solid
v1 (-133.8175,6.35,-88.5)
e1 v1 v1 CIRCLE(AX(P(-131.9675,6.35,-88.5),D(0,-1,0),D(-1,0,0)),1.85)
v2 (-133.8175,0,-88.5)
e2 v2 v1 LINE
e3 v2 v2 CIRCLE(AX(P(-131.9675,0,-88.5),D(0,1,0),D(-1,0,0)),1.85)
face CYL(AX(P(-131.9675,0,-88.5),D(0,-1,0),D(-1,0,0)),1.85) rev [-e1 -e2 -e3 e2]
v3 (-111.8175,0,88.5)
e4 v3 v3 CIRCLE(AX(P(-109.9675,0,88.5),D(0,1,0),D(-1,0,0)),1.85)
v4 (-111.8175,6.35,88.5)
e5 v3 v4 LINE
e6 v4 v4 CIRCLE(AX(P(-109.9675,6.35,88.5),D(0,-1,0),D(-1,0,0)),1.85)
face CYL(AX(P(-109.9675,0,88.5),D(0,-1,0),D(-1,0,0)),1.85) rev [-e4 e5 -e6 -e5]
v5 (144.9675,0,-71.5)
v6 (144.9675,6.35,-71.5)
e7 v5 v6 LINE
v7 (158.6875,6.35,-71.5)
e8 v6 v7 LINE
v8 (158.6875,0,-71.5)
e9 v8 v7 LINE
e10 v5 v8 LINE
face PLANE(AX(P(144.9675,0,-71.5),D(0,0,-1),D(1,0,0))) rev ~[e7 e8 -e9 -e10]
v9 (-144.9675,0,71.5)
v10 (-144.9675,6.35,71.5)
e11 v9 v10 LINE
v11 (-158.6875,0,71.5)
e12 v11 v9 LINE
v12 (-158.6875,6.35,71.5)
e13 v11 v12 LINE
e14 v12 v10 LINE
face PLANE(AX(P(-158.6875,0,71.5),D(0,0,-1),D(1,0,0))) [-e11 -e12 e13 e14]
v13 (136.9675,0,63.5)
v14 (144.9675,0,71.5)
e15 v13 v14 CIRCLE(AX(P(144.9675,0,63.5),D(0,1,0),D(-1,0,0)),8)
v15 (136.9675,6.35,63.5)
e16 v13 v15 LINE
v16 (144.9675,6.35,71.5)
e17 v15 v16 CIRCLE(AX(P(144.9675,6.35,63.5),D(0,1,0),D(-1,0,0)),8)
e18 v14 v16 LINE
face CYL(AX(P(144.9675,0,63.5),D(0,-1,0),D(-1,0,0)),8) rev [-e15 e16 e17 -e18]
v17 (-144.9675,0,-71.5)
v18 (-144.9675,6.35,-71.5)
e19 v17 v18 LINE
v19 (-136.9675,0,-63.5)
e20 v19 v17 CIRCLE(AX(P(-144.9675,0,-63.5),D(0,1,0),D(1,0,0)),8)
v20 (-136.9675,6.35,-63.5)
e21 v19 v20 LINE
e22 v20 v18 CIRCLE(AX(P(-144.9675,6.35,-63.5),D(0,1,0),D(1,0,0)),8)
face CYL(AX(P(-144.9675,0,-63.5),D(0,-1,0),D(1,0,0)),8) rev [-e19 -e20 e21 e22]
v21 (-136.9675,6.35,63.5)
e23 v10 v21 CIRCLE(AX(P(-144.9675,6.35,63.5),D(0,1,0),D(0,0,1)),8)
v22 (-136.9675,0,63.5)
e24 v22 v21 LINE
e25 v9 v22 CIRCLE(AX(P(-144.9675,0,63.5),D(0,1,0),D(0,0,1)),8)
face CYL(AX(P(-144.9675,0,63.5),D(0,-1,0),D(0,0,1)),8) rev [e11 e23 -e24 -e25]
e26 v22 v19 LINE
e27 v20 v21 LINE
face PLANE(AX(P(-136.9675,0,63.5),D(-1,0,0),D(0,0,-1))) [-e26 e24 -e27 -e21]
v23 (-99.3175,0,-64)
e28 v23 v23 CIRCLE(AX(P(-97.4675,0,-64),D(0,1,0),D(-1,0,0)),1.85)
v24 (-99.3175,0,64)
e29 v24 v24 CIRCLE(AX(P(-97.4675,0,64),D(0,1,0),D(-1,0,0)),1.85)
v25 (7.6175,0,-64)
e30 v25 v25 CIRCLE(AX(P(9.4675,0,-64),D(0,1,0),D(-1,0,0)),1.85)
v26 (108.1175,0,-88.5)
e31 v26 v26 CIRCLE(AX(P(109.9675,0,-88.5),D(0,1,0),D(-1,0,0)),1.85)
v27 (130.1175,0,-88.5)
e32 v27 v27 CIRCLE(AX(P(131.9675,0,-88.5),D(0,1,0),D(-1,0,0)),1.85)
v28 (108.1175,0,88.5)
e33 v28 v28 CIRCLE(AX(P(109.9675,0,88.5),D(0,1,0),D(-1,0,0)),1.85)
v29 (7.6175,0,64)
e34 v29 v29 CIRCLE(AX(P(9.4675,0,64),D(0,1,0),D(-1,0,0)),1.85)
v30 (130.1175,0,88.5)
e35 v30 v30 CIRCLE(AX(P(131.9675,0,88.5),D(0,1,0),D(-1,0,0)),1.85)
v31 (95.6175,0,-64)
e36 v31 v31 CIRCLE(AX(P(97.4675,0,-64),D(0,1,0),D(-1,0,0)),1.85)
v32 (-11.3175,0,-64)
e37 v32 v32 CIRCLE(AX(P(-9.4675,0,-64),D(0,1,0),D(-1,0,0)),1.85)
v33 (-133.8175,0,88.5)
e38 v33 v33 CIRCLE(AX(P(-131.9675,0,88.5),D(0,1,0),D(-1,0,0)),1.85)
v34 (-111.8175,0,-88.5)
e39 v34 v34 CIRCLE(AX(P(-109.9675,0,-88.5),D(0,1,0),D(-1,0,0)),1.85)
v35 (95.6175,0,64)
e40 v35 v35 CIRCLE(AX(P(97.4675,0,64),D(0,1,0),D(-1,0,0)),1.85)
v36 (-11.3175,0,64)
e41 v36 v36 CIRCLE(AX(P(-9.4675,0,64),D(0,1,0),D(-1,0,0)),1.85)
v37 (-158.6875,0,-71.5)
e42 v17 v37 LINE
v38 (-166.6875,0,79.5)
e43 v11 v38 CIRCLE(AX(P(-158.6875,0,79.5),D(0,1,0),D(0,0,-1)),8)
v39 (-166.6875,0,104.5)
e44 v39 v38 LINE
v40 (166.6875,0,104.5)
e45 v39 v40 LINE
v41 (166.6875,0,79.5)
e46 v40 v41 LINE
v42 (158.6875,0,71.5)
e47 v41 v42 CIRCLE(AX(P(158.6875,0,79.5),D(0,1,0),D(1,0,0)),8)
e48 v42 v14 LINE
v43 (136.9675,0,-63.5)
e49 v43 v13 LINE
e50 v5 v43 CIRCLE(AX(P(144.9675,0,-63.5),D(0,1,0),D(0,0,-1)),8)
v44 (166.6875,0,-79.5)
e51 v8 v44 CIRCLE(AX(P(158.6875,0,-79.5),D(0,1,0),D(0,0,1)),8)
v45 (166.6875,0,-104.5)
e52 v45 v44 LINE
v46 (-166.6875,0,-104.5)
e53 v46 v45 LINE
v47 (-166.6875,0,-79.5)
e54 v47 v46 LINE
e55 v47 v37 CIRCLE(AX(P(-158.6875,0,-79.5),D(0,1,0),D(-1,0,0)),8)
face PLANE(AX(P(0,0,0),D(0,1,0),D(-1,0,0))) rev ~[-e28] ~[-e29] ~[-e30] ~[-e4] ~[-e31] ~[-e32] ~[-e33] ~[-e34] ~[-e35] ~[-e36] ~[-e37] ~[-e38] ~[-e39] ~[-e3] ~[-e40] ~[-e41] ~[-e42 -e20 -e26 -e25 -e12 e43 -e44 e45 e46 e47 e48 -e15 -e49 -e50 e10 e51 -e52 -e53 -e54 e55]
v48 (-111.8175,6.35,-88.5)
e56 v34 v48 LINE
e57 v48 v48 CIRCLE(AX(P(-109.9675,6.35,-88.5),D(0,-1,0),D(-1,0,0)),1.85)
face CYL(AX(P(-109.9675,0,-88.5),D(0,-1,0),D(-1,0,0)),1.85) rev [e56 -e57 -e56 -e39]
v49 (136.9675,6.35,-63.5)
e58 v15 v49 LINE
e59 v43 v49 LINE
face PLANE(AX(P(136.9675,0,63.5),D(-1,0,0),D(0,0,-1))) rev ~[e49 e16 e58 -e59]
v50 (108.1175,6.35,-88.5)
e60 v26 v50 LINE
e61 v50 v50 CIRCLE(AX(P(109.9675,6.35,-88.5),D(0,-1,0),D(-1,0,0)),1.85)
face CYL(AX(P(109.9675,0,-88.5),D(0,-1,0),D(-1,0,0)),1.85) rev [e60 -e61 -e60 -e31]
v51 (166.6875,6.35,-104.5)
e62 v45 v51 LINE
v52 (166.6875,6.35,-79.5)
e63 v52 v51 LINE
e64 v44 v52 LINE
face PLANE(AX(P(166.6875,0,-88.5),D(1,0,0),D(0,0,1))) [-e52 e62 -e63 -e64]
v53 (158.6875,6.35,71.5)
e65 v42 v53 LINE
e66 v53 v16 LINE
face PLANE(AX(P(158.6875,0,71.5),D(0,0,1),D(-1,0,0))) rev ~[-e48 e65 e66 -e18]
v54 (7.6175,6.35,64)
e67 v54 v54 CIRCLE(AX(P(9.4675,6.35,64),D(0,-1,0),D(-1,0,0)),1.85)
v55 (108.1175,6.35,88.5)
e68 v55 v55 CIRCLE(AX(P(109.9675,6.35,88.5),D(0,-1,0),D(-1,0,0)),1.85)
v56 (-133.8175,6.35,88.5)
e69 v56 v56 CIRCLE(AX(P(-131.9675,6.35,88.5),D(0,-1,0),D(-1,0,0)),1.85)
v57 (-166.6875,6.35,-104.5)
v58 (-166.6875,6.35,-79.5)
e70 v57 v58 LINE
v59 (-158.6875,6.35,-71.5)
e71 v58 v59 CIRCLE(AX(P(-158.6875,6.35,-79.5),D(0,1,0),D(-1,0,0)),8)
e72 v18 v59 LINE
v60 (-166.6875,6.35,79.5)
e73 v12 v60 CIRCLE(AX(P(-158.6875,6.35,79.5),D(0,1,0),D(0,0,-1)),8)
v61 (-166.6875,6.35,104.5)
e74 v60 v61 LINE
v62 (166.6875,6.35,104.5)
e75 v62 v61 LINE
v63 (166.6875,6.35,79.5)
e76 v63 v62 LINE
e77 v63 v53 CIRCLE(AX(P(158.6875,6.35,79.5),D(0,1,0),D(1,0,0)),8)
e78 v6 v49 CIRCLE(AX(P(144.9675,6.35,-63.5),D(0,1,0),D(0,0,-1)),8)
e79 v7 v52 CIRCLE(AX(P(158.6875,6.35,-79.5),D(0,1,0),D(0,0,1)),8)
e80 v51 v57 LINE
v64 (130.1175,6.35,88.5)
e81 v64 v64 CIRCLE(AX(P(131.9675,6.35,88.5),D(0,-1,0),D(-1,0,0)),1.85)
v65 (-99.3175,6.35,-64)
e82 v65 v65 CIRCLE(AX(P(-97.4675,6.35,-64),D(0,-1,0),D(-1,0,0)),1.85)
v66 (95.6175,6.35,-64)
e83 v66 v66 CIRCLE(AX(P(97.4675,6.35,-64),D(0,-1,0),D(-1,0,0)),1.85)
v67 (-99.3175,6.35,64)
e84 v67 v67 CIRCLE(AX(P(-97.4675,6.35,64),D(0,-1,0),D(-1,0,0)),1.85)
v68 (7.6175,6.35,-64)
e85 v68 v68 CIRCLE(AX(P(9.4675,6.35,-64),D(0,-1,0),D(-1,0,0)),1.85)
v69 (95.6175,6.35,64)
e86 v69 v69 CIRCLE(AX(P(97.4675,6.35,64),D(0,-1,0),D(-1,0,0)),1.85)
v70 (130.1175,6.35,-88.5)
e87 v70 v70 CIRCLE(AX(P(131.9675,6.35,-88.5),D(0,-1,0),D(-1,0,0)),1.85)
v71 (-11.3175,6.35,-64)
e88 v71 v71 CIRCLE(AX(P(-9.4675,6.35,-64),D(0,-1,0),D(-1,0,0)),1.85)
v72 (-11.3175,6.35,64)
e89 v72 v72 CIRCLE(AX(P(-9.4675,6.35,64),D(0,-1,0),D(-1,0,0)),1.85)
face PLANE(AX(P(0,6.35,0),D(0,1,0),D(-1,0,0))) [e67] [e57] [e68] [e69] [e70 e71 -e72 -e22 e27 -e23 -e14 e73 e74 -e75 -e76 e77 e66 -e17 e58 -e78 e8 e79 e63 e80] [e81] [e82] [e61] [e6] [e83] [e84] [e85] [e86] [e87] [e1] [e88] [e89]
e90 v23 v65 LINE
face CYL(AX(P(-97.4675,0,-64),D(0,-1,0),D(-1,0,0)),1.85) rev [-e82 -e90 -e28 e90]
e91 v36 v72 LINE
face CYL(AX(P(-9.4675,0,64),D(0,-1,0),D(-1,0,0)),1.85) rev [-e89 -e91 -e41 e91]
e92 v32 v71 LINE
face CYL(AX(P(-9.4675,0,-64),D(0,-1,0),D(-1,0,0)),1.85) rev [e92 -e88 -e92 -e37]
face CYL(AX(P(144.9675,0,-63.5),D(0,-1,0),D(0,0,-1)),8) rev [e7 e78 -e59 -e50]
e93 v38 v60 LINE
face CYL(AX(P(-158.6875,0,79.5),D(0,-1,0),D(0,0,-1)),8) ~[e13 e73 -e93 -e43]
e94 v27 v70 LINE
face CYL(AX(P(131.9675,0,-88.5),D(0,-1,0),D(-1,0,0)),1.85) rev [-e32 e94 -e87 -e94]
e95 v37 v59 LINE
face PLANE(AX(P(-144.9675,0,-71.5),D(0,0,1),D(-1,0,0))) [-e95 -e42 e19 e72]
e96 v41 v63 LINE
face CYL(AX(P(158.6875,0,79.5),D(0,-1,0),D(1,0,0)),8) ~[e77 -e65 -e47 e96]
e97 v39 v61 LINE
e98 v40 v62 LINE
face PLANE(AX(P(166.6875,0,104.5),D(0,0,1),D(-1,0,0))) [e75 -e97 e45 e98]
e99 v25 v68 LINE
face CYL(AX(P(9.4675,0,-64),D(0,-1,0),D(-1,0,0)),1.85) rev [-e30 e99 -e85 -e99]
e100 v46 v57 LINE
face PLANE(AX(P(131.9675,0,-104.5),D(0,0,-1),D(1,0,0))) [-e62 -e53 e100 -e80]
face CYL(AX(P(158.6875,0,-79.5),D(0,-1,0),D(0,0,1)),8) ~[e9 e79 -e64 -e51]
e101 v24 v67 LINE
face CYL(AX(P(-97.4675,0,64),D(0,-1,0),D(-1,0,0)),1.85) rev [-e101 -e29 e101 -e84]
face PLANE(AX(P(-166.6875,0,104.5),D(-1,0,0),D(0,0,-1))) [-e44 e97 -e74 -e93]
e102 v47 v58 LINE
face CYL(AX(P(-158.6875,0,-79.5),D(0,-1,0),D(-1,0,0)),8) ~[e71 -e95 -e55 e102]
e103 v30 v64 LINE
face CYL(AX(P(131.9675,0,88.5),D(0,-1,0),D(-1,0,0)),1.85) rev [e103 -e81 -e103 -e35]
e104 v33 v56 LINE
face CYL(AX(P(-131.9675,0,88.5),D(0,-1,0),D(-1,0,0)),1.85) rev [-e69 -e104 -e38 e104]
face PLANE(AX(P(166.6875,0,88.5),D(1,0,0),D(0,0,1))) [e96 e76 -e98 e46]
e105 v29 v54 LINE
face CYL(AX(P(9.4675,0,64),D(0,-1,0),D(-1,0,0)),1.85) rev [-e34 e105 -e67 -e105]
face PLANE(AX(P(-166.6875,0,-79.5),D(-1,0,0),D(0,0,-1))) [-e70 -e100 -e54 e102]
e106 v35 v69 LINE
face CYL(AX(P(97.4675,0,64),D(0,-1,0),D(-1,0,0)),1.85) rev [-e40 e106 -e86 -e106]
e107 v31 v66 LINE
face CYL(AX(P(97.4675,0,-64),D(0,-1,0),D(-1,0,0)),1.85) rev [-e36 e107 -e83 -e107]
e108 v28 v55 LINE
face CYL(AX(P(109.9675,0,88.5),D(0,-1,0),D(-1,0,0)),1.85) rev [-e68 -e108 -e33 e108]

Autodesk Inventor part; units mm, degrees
ref_plane "YZ Plane" through (0, 0, 0) normal (1, 0, 0) x (0, 1, 0)
ref_plane "XZ Plane" through (0, 0, 0) normal (0, 1, 0) x (-1, 0, 0)
ref_plane "XY Plane" through (0, 0, 0) normal (0, 0, 1) x (1, 0, 0)
sketch "Sketch1" plane through (0, 0, 0) normal (0, 1, 0) x (-1, 0, 0)
  line L0 (-166.6875, 104.5) -> (166.6875, 104.5)
  line L1 (166.6875, -104.5) -> (-166.6875, -104.5)
  line L2 (-166.6875, 104.5) -> (166.6875, -104.5) construction
  line L3 (166.6875, 104.5) -> (-166.6875, -104.5) construction
  line L4 (166.6875, 88.5) -> (-166.6875, 88.5)
  line L5 (166.6875, -88.5) -> (-166.6875, -88.5)
  line L6 (120.9675, 104.5) -> (120.9675, -104.5)
  line L7 (-120.9675, 104.5) -> (-120.9675, -104.5)
  line L8 (-109.9675, 104.5) -> (-109.9675, -104.5)
  line L9 (-131.9675, 104.5) -> (-131.9675, -104.5)
  circle A0 centre (-109.9675, 88.5) radius 1.85
  circle A1 centre (-131.9675, 88.5) radius 1.85
  circle A2 centre (-109.9675, -88.5) radius 1.85
  circle A3 centre (-131.9675, -88.5) radius 1.85
  line L10 (131.9675, 104.5) -> (131.9675, -104.5)
  line L11 (109.9675, 104.5) -> (109.9675, -104.5)
  circle A4 centre (131.9675, 88.5) radius 1.85
  circle A5 centre (131.9675, -88.5) radius 1.85
  line L12 (-109.9675, 104.5) -> (-109.9675, -104.5)
  circle A6 centre (109.9675, 88.5) radius 1.85
  circle A7 centre (109.9675, -88.5) radius 1.85
  line L13 (-104.9675, 71.5) -> (-1.9675, 71.5)
  line L14 (-1.9675, 71.5) -> (-1.9675, -71.5)
  line L15 (-1.9675, -71.5) -> (-104.9675, -71.5)
  line L16 (-104.9675, -71.5) -> (-104.9675, 71.5)
  line L17 (175.9652, 0) -> (-157.4098, 0)
  line L18 (104.9675, 71.5) -> (1.9675, 71.5)
  line L19 (1.9675, 71.5) -> (1.9675, -71.5)
  line L20 (1.9675, -71.5) -> (104.9675, -71.5)
  line L21 (104.9675, -71.5) -> (104.9675, 71.5)
  line L22 (9.4675, 64) -> (97.4675, 64)
  line L23 (97.4675, 64) -> (97.4675, -64)
  line L24 (97.4675, -64) -> (9.4675, -64)
  line L25 (9.4675, -64) -> (9.4675, 64)
  line L26 (-9.4675, 64) -> (-97.4675, 64)
  line L27 (-97.4675, 64) -> (-97.4675, -64)
  line L28 (-97.4675, -64) -> (-9.4675, -64)
  line L29 (-9.4675, -64) -> (-9.4675, 64)
  circle A8 centre (-9.4675, 64) radius 1.85
  circle A9 centre (-9.4675, -64) radius 1.85
  circle A10 centre (-97.4675, 64) radius 1.85
  circle A11 centre (-97.4675, -64) radius 1.85
  circle A12 centre (97.4675, 64) radius 1.85
  circle A13 centre (97.4675, -64) radius 1.85
  circle A14 centre (9.4675, -64) radius 1.85
  circle A15 centre (9.4675, 64) radius 1.85
  line L30 (-158.6875, 71.5) -> (-144.9675, 71.5)
  line L31 (-136.9675, 63.5) -> (-136.9675, -63.5)
  line L32 (-144.9675, -71.5) -> (-158.6875, -71.5)
  arc A16 (-136.9675, 63.5) -> (-144.9675, 71.5) centre (-144.9675, 63.5) ccw
  arc A17 (-144.9675, -71.5) -> (-136.9675, -63.5) centre (-144.9675, -63.5) ccw
  line L33 (-166.6875, -104.5) -> (-166.6875, -79.5)
  line L34 (-166.6875, 79.5) -> (-166.6875, 104.5)
  arc A18 (-166.6875, 79.5) -> (-158.6875, 71.5) centre (-158.6875, 79.5) ccw
  arc A19 (-158.6875, -71.5) -> (-166.6875, -79.5) centre (-158.6875, -79.5) ccw
  line L35 (158.6875, 71.5) -> (144.9675, 71.5)
  line L36 (136.9675, 63.5) -> (136.9675, -63.5)
  line L37 (144.9675, -71.5) -> (158.6875, -71.5)
  arc A20 (144.9675, 71.5) -> (136.9675, 63.5) centre (144.9675, 63.5) ccw
  arc A21 (136.9675, -63.5) -> (144.9675, -71.5) centre (144.9675, -63.5) ccw
  line L38 (166.6875, 104.5) -> (166.6875, 79.5)
  line L39 (166.6875, -79.5) -> (166.6875, -104.5)
  arc A22 (158.6875, 71.5) -> (166.6875, 79.5) centre (158.6875, 79.5) ccw
  arc A23 (166.6875, -79.5) -> (158.6875, -71.5) centre (158.6875, -79.5) ccw
  point P0 (0, 0)
  dimension "d0" = 209
  dimension "d6" = 22
  dimension "d8" = 3.7
  dimension "d11" = 22
  dimension "d19" = 16
  dimension "d20" = 16
  dimension "d24" = 143
  dimension "d25" = 103
  dimension "d26" = 16
  dimension "d27" = 143
  dimension "d28" = 103
  dimension "d29" = 16
  dimension "d30" = 7.5
  dimension "d31" = 7.5
  dimension "d34" = 3.7
  dimension "d36" = 8
  dimension "d39" = 16
  dimension "d40" = 143
  dimension "d41" = 333.375
  dimension "d42" = 45.72
  dimension "d45" = 45.72
  dimension "d48" = 16
  dimension "d49" = 143
  dimension "d50" = 553.31
  dimension "d51" = 9.2777
extrude "Extrusion1" add sketch "Sketch1" along normal blind 6.35 contours L0 L9 A1 L4 L34 | L0 L7 L4 A1 L9 | L4 A1 L9 L17 L31 A16 L30 A18 L34 | L0 L8 A0 L4 L7 | L0 L11 A6 L4 A0 L8 | L7 L17 L9 A1 L4 | L4 A0 L8 L17 L7 | L0 L6 L4 A6 L11 | L17 L8 A2 L5 L7 | L7 L5 A3 L9 L17 | L9 A3 L5 L33 A19 L32 A17 L31 L17 | L0 L10 A4 L4 L6 | L4 A6 L11 L17 L21 L18 L19 L14 L13 L16 L8 A0 | L7 L1 L9 A3 L5 | L5 A2 L8 L1 L7 | L17 L16 L15 L14 L19 L20 L21 L11 A7 L5 A2 L8 | L0 L38 L4 A4 L10 | L6 L17 L11 A6 L4 | L4 A4 L10 L17 L6 | L17 L27 A11 L28 A9 L29 L14 L15 L16 | L16 L13 L14 L17 L29 A8 L26 A10 L27 | A3 L9 L1 L33 L5 | L17 L10 A5 L5 L6 | L6 L5 A7 L11 L17 | A2 L5 A7 L11 L1 L8 | L27 A10 L26 A8 L29 L17 | L17 L29 A9 L28 A11 L27 | L38 A22 L35 A20 L36 L17 L10 A4 L4 | L6 L1 L11 A7 L5 | L5 A5 L10 L1 L6 | L17 L36 A21 L37 A23 L39 L5 A5 L10 | L21 L20 L19 L17 L25 A14 L24 A13 L23 | L17 L23 A12 L22 A15 L25 L19 L18 L21 | A5 L5 L39 L1 L10 | L23 A13 L24 A14 L25 L17 | L17 L25 A15 L22 A12 L23
properties part number "BasePlate"
